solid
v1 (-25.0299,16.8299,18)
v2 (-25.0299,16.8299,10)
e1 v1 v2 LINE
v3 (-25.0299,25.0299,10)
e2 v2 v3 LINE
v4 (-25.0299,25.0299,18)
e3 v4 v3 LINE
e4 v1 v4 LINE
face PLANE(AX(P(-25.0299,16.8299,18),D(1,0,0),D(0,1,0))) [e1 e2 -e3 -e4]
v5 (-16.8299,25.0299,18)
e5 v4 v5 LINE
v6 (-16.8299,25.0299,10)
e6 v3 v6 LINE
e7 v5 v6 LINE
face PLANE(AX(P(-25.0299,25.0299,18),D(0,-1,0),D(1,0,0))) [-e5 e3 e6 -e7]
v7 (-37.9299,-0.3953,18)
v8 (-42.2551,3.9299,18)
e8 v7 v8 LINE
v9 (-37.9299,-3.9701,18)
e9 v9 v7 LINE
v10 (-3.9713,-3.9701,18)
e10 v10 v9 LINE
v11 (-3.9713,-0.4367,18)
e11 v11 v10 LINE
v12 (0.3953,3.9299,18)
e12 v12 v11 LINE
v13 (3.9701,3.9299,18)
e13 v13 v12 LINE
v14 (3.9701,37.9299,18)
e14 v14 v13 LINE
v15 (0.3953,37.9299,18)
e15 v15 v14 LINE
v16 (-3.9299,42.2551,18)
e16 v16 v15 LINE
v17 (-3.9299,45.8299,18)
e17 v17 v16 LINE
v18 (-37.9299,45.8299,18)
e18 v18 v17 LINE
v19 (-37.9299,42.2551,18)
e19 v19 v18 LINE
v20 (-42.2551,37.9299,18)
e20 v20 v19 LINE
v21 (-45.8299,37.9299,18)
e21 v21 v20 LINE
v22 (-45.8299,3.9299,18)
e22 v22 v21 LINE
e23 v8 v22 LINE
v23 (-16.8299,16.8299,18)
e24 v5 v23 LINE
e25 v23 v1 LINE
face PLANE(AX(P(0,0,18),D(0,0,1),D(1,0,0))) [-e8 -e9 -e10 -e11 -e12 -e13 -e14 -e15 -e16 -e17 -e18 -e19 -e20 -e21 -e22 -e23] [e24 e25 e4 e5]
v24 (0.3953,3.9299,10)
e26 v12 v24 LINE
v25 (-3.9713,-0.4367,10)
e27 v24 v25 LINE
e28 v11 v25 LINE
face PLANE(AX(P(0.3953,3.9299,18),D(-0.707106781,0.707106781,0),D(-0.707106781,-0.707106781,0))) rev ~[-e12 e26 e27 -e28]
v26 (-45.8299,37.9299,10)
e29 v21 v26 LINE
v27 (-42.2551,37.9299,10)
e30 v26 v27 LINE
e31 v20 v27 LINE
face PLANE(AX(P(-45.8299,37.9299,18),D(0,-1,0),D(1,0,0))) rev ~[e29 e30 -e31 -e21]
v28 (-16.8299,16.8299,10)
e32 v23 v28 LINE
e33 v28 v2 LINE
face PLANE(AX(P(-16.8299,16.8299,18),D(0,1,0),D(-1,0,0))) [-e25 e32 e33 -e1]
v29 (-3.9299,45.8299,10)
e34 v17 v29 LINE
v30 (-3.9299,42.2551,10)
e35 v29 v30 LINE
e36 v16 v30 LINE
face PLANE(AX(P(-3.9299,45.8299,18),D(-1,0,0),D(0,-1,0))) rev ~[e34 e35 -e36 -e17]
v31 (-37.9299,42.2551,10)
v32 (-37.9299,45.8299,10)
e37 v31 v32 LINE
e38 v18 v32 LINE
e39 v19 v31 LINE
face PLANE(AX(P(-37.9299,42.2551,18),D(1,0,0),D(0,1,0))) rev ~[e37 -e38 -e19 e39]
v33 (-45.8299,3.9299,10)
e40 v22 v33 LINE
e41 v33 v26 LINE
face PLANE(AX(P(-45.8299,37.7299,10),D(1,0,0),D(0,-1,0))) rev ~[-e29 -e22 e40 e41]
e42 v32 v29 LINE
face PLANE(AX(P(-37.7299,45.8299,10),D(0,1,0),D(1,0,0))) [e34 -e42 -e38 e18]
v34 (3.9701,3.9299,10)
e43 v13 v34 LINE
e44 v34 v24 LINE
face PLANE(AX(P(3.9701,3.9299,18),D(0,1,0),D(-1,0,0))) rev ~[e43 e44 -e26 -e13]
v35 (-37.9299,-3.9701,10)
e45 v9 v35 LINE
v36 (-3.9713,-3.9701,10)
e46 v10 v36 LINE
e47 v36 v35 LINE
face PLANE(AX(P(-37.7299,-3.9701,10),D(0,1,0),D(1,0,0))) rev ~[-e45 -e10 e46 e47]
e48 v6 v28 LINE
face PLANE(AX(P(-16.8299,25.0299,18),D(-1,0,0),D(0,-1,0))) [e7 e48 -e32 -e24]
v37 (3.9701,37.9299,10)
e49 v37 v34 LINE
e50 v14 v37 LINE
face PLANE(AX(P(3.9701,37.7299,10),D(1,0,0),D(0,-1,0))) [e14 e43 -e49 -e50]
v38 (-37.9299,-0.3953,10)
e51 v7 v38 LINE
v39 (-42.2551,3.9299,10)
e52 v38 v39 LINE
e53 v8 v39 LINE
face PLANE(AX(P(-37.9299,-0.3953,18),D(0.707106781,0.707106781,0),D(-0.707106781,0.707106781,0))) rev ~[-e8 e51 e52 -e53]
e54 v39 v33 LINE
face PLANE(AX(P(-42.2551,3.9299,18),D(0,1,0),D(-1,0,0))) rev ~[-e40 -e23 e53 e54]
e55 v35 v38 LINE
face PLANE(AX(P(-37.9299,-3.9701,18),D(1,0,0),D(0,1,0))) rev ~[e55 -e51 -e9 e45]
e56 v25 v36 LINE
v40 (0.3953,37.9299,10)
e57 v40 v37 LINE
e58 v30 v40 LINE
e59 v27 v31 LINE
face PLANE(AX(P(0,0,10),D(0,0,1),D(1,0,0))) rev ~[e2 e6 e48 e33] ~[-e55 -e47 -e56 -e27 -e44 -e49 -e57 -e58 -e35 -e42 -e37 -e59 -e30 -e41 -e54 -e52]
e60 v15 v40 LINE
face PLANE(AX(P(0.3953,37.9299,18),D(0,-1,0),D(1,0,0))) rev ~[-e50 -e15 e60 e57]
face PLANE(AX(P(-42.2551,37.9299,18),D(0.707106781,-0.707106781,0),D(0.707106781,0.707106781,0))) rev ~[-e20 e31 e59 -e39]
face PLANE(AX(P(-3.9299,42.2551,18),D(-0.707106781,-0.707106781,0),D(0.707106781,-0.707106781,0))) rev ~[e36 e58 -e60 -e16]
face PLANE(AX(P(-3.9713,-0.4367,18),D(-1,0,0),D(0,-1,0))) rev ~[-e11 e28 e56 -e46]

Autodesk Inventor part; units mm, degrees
ref_plane "YZ Plane" through (0, 0, 0) normal (1, 0, 0) x (0, 1, 0)
ref_plane "XZ Plane" through (0, 0, 0) normal (0, 1, 0) x (-1, 0, 0)
ref_plane "Work Plane1" through (0, 0, 10) normal (0, 0, 1) x (1, 0, 0)
sketch "Sketch1" plane through (0, 0, 10) normal (0, 0, 1) x (1, 0, 0)
  line L0 (-4.0299, -0.3538) -> (-2.2322, 1.4439) construction
  arc A0 (-1.4439, 2.2322) -> (-2.2322, 1.4439) centre (-0.9299, 0.9299) ccw construction
  line L1 (-1.4439, 2.2322) -> (0.3538, 4.0299) construction
  line L2 (-37.8299, 42.8299) -> (-37.8299, 37.8299) construction
  line L3 (-37.8299, 37.8299) -> (-42.9208, 37.8299) construction
  line L4 (-37.8299, 42.2137) -> (-37.8299, 45.8299) construction
  line L5 (-37.8299, 45.8299) -> (-4.0299, 45.8299) construction
  line L6 (-4.0299, 45.8299) -> (-4.0299, 42.2137) construction
  line L7 (-4.0299, 4.0299) -> (0.3538, 4.0299) projected
  circle A1 centre (-20.9299, 20.9299) radius 17.5 projected
  line L8 (-20.9299, 58.9723) -> (17.1124, 20.9299) construction
  line L9 (17.1124, 20.9299) -> (-20.9299, -17.1124) construction
  line L10 (-20.9299, -17.1124) -> (-58.9723, 20.9299) construction
  line L11 (-58.9723, 20.9299) -> (-20.9299, 58.9723) construction
  line L12 (-20.9299, 58.9723) -> (-20.9299, -17.1124) construction
  line L13 (17.1124, 20.9299) -> (-58.9723, 20.9299) construction
  line L14 (-20.9299, 58.9723) -> (32.8701, 58.9723) construction
  line L15 (-43.4299, 43.4299) -> (1.5701, 43.4299) construction
  line L16 (1.5701, 43.4299) -> (1.5701, -1.5701) construction
  line L17 (1.5701, -1.5701) -> (-43.4299, -1.5701) construction
  line L18 (-43.4299, -1.5701) -> (-43.4299, 43.4299) construction
  line L19 (-43.4299, 43.4299) -> (1.5701, -1.5701) construction
  line L20 (1.5701, 43.4299) -> (-43.4299, -1.5701) construction
  line L21 (-43.4299, 5.3876) -> (-43.4299, 36.4723)
  line L22 (-43.4299, 36.4723) -> (-36.4723, 43.4299)
  line L23 (-36.4723, 43.4299) -> (-5.3876, 43.4299)
  line L24 (-5.3876, 43.4299) -> (1.5701, 36.4723)
  line L25 (1.5701, 36.4723) -> (1.5701, 5.3876)
  line L26 (1.5701, 5.3876) -> (-5.3876, -1.5701)
  line L27 (-5.3876, -1.5701) -> (-36.4723, -1.5701)
  line L28 (-36.4723, -1.5701) -> (-43.4299, 5.3876)
  line L29 (-4.0299, 42.2137) -> (-37.8299, 42.2137) projected
  line L30 (-4.0299, -0.3538) -> (-4.0299, 4.0299) projected
  circle A2 centre (-20.9299, 20.9299) radius 1.5
  line L31 (-10.9299, 10.9299) -> (-30.9299, 10.9299) construction
  line L32 (-30.9299, 10.9299) -> (-30.9299, 30.9299) construction
  line L33 (-30.9299, 30.9299) -> (-10.9299, 30.9299) construction
  line L34 (-10.9299, 30.9299) -> (-10.9299, 10.9299) construction
  line L35 (-10.9299, 10.9299) -> (-30.9299, 30.9299) construction
  line L36 (-30.9299, 10.9299) -> (-10.9299, 30.9299) construction
  circle A3 centre (-30.9299, 30.9299) radius 1.4
  circle A4 centre (-30.9299, 10.9299) radius 1.4
  circle A5 centre (-10.9299, 10.9299) radius 1.4
  line L37 (-45.8299, 37.8299) -> (-42.0723, 37.8299) construction
  line L38 (-42.1723, 37.7299) -> (-45.8299, 37.7299)
  line L39 (-45.8299, 37.7299) -> (-45.8299, 4.1299)
  line L40 (-45.8299, 4.1299) -> (-42.1723, 4.1299)
  line L41 (-42.1723, 4.1299) -> (-42.1723, 37.7299)
  line L42 (-45.8299, 4.0299) -> (-42.0723, 4.0299) construction
  line L43 (-45.8299, 37.8299) -> (-42.0723, 37.8299) projected
  line L44 (-37.7299, 45.8299) -> (-4.1299, 45.8299)
  line L45 (-4.1299, 45.8299) -> (-4.1299, 42.1723)
  line L46 (-4.1299, 42.1723) -> (-37.7299, 42.1723)
  line L47 (-37.7299, 42.1723) -> (-37.7299, 45.8299)
  line L48 (0.4701, 37.8299) -> (0.4701, 4.0299) construction
  line L49 (0.4701, 4.0299) -> (3.9701, 4.0299) construction
  line L50 (3.9701, 37.8299) -> (3.9701, 4.0299) construction
  line L51 (0.4701, 37.8299) -> (3.9701, 37.8299) construction
  line L52 (-45.8299, -3.9701) -> (-4.0299, -3.9701) construction
  line L53 (0.3124, 37.7299) -> (3.9701, 37.7299)
  line L54 (3.9701, 37.7299) -> (3.9701, 4.1299)
  line L55 (3.9701, 4.1299) -> (0.3124, 4.1299)
  line L56 (0.3124, 4.1299) -> (0.3124, 37.7299)
  line L57 (-4.1713, -0.3538) -> (-37.7299, -0.3538)
  line L58 (-37.7299, -0.3538) -> (-37.7299, -3.9701)
  line L59 (-37.7299, -3.9701) -> (-4.1713, -3.9701)
  line L60 (-4.1713, -3.9701) -> (-4.1713, -0.3538)
  point P0 (-37.8299, 4.0299)
  dimension "d18" = 53.8
  dimension "d19" = 45
  dimension "d20" = 53.8
  dimension "d21" = 45
  dimension "d22" = 45
  dimension "d30" = 20
  dimension "d31" = 20
  dimension "d32" = 2.8
  dimension "d33" = 2.8
  dimension "d34" = 2.8
  dimension "d35" = 3
  dimension "d36" = 0.1
  dimension "d37" = 0.1
  dimension "d38" = 0.1
  dimension "d39" = 0.1
extrude "Extrusion1" add sketch "Sketch1" along normal blind 8 contours L30 L26 L57 L28 L41 L22 L46 L24 L56 L7 | L7 L26 L30 | L56 L24 L25 L26 | L26 L25 L24 L53 L54 L55 | L60 L59 L58 L57 L28 L27 L26 | L26 L27 L28 L57 | L46 L22 L29 L24 | L24 L29 L45 | L40 L39 L38 L22 L21 L28 | L28 L21 L22 L41 | L29 L22 L23 L24 | L24 L23 L22 L29 L47 L44 L45 | L47 L29 L22 | A1 | A2 | A3 | A4 | A5
sketch "Skizze4" plane through (0, 0, 18) normal (0, 0, 1) x (1, 0, 0)
  line L0 (-37.7299, 42.1723) -> (-42.1723, 37.7299) projected
  line L1 (-42.1723, 37.7299) -> (-45.8299, 37.7299) projected
  line L2 (-45.8299, 37.7299) -> (-45.8299, 4.1299) construction
  line L3 (-45.8299, 4.1299) -> (-42.1723, 4.1299) projected
  line L4 (-42.1723, 4.1299) -> (-37.6885, -0.3538) projected
  line L5 (-37.6885, -0.3538) -> (-37.7299, -0.3538) projected
  line L6 (-37.7299, -0.3538) -> (-37.7299, -3.9701) projected
  line L7 (-37.7299, -3.9701) -> (-4.1713, -3.9701) construction
  line L8 (-4.1713, -3.9701) -> (-4.1713, -0.3538) projected
  line L9 (-4.1713, -0.3538) -> (0.3124, 4.1299) projected
  line L10 (0.3124, 4.1299) -> (3.9701, 4.1299) projected
  line L11 (3.9701, 4.1299) -> (3.9701, 37.7299) construction
  line L12 (3.9701, 37.7299) -> (0.3124, 37.7299) projected
  line L13 (0.3124, 37.7299) -> (-4.1299, 42.1723) projected
  line L14 (-4.1299, 42.1723) -> (-4.1299, 45.8299) projected
  line L15 (-4.1299, 45.8299) -> (-37.7299, 45.8299) construction
  line L16 (-37.7299, 45.8299) -> (-37.7299, 42.1723) projected
  line L17 (-37.9299, 46.0299) -> (-3.9299, 46.0299) construction
  line L18 (-3.9299, 46.0299) -> (-3.9299, 42.2551)
  line L19 (-3.9299, 42.2551) -> (0.3953, 37.9299)
  line L20 (0.3953, 37.9299) -> (4.1701, 37.9299)
  line L21 (4.1701, 37.9299) -> (4.1701, 3.9299) construction
  line L22 (4.1701, 3.9299) -> (0.3953, 3.9299)
  line L23 (0.3953, 3.9299) -> (-3.9713, -0.4367)
  line L24 (-3.9713, -0.4367) -> (-3.9713, -4.1701)
  line L25 (-3.9713, -4.1701) -> (-37.9299, -4.1701) construction
  line L26 (-37.9299, -4.1701) -> (-37.9299, -0.3953)
  line L27 (-37.9299, -0.3953) -> (-42.2551, 3.9299)
  line L28 (-42.2551, 3.9299) -> (-46.0299, 3.9299)
  line L29 (-46.0299, 3.9299) -> (-46.0299, 37.9299) construction
  line L30 (-46.0299, 37.9299) -> (-42.2551, 37.9299)
  line L31 (-42.2551, 37.9299) -> (-37.9299, 42.2551)
  line L32 (-37.9299, 42.2551) -> (-37.9299, 46.0299)
  line L33 (-45.8299, 37.7299) -> (-45.8299, 37.9299)
  line L34 (-4.1299, 45.8299) -> (-37.7299, 45.8299) projected
  line L35 (-37.7299, 45.8299) -> (-37.9299, 45.8299)
  line L36 (-4.1299, 45.8299) -> (-3.9299, 45.8299)
  line L37 (3.9701, 37.7299) -> (3.9701, 37.9299)
  line L38 (3.9701, 4.1299) -> (3.9701, 37.7299) projected
  line L39 (3.9701, 4.1299) -> (3.9701, 3.9299)
  line L40 (-4.1713, -3.9701) -> (-3.9713, -3.9701)
  line L41 (-37.7299, -3.9701) -> (-37.9299, -3.9701)
  line L42 (-45.8299, 4.1299) -> (-45.8299, 3.9299)
  point P0 (0, 0)
  dimension "d40" = 0.2
extrude "IM_offset" add sketch "Skizze4" against normal up to surface (8 mm away)
ref_plane "Arbeitsebene5" through (-37.9299, 20.9299, 10) normal (0, -1, 0) x (1, 0, 0)
ref_plane "Arbeitsebene6" through (-20.9299, 3.9299, 10) normal (-1, 0, 0) x (0, 0, 1)
sketch "Skizze27" plane through (-37.9299, 20.9299, 10) normal (0, -1, 0) x (1, 0, 0)
  line L0 (17, -13.6) -> (17, 11.6) projected
  point P0 (37.9299, -10)
sketch "Skizze31" plane through (0, 0, 18) normal (0, 0, 1) x (1, 0, 0)
  line L0 (-3.9299, 45.8299) -> (-37.9299, 45.8299) projected
  line L1 (-37.9299, 45.8299) -> (-37.9299, 42.2551) projected
  line L2 (-37.9299, 42.2551) -> (-42.2551, 37.9299) projected
  line L3 (-42.2551, 37.9299) -> (-45.8299, 37.9299) projected
  line L4 (-45.8299, 37.9299) -> (-45.8299, 3.9299) projected
  line L5 (-42.2551, 3.9299) -> (-45.8299, 3.9299) projected
  line L6 (-37.9299, -0.3953) -> (-42.2551, 3.9299) projected
  line L7 (-37.9299, -3.9701) -> (-37.9299, -0.3953) projected
  line L8 (-3.9713, -3.9701) -> (-37.9299, -3.9701) projected
  line L9 (-3.9713, -3.9701) -> (-3.9713, -0.4367) projected
  line L10 (-3.9713, -0.4367) -> (0.3953, 3.9299) projected
  line L11 (0.3953, 3.9299) -> (3.9701, 3.9299) projected
  line L12 (3.9701, 3.9299) -> (3.9701, 37.9299) projected
  line L13 (3.9701, 37.9299) -> (0.3953, 37.9299) projected
  line L14 (0.3953, 37.9299) -> (-3.9299, 42.2551) projected
  line L15 (-3.9299, 42.2551) -> (-3.9299, 45.8299) projected
  line L16 (-3.9713, -3.9701) -> (-37.9299, -3.9701) projected
  line L17 (-45.9799, 54.3054) -> (-45.9799, 21.9906) projected
  line L18 (-3.9299, 45.8299) -> (-37.9299, 45.8299) projected
  circle A0 centre (-20.9299, 20.9299) radius 24.9 construction
  line L19 (-25.0299, 25.0299) -> (-16.8299, 25.0299)
  line L20 (-16.8299, 25.0299) -> (-16.8299, 16.8299)
  line L21 (-16.8299, 16.8299) -> (-25.0299, 16.8299)
  line L22 (-25.0299, 16.8299) -> (-25.0299, 25.0299)
  line L23 (-25.0299, 25.0299) -> (-16.8299, 16.8299)
  line L24 (-16.8299, 25.0299) -> (-25.0299, 16.8299)
  point P0 (0, 0)
  dimension "d169" = 8.2
  dimension "d170" = 8.2
extrude "Extrusion26" cut sketch "Skizze31" against normal blind 10 contours L23 L24 L22 | L19 L24 L23 | L20 L23 L24 | L24 L23 L21
properties part number "20_Cube_Insert_ESP32Cam_angle_v3"
